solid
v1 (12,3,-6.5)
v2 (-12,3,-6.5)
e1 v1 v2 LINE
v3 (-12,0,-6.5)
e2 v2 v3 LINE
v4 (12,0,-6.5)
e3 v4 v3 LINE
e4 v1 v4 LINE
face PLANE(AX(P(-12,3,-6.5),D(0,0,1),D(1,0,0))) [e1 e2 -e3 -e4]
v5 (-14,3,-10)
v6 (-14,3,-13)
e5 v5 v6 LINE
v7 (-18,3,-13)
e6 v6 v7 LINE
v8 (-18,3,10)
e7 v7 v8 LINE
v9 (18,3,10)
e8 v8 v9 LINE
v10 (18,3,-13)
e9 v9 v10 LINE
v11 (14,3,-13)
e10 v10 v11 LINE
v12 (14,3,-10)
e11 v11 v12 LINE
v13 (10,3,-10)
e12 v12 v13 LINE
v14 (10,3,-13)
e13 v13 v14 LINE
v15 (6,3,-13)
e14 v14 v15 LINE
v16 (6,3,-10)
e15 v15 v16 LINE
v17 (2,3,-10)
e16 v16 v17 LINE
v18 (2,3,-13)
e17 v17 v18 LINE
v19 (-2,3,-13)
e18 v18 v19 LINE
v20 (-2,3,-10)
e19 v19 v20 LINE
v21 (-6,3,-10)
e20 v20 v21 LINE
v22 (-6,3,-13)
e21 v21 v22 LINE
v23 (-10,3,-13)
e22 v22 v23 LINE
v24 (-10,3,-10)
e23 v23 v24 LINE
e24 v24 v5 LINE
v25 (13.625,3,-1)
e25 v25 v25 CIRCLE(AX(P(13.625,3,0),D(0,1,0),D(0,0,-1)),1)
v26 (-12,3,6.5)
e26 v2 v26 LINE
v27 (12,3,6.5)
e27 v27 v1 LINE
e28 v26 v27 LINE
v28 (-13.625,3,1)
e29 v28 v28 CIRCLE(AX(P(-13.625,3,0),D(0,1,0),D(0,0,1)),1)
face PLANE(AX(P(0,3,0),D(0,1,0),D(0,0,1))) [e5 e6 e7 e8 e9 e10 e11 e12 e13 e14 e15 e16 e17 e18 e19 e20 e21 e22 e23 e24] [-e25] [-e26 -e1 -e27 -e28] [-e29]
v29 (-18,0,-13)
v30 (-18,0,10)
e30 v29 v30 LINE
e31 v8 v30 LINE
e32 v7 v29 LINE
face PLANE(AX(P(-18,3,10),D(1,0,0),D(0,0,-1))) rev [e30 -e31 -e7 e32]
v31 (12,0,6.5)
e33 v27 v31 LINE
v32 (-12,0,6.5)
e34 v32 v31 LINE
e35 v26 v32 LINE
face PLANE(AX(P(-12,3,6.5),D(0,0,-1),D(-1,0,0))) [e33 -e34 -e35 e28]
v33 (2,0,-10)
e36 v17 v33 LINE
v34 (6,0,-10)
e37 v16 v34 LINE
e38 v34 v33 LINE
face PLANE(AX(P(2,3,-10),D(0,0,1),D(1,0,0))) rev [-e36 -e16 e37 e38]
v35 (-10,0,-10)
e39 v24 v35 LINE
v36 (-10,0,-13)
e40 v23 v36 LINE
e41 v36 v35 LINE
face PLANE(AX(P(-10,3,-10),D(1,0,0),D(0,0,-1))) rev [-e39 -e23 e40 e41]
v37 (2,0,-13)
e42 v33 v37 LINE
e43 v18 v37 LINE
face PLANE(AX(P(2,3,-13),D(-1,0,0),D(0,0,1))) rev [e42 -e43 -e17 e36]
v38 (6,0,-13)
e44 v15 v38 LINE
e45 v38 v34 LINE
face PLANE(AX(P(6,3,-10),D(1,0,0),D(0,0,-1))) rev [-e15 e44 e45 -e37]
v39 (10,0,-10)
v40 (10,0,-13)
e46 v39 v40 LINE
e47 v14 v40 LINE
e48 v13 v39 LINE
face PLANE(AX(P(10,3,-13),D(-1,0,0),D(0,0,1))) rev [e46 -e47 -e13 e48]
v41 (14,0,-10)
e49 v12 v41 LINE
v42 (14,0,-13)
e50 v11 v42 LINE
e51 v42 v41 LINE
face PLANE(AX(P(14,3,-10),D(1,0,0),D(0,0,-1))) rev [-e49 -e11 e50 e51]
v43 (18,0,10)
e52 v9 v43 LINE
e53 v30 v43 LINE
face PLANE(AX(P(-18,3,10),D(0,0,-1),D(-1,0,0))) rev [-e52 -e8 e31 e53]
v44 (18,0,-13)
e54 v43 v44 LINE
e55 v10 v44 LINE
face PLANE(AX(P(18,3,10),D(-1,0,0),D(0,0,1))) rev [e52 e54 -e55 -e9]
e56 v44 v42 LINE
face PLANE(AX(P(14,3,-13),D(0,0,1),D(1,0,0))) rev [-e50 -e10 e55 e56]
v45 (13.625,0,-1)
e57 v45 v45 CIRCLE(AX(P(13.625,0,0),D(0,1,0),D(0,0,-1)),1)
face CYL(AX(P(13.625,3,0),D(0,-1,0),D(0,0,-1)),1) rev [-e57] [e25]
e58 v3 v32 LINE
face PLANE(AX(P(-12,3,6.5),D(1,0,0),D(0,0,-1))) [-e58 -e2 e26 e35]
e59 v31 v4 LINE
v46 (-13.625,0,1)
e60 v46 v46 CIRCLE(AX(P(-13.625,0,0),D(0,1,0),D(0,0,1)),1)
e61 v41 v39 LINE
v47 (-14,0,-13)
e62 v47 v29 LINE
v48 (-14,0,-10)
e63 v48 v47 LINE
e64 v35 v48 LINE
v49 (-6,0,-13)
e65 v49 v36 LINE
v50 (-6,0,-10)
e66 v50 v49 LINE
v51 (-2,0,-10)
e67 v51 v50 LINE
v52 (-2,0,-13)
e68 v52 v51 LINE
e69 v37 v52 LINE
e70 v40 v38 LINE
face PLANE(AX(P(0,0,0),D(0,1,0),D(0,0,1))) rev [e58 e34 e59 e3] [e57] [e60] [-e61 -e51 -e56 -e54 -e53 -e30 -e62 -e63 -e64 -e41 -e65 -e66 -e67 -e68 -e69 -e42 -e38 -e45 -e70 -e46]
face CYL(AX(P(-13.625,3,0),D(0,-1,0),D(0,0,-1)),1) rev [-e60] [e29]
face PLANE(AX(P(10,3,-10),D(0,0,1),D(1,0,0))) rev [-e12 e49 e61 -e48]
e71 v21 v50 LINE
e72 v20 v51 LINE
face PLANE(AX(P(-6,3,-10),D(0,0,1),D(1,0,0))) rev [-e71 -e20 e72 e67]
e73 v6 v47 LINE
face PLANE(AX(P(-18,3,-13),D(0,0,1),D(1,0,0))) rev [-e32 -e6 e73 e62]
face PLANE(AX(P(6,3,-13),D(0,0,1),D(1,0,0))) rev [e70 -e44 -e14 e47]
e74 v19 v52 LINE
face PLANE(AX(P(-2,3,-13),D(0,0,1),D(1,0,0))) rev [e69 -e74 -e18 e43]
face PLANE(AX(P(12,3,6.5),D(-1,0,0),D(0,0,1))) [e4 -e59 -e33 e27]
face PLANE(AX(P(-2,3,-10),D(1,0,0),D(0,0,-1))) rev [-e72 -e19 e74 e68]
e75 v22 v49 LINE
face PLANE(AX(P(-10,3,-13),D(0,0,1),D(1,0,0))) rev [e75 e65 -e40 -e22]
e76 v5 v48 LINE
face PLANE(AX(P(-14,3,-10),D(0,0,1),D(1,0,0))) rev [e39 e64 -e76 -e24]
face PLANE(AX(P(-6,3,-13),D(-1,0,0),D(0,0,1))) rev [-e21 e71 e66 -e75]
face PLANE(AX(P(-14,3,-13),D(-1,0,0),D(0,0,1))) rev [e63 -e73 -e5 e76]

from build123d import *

# Parameters (mm, degrees)
SKETCH1_R           = 1
SKETCH1_W           = 24
SKETCH1_H           = 13
BOSS_EXTRUDE1_DEPTH = 3


with BuildPart() as part:
    # Sketch1 → Boss-Extrude1 (new body)
    with BuildSketch(Plane(origin=(0, 0, 0), x_dir=(1, 0, 0), z_dir=(0, 1, 0))):
        Polygon((-18, -10), (18, -10), (18, 10), (18, 13), (14, 13), (14, 10), (10, 10), (10, 13), (6, 13), (6, 10), (2, 10), (2, 13), (-2, 13), (-2, 10), (-6, 10), (-6, 13), (-10, 13), (-10, 10), (-14, 10), (-14, 13), (-18, 13), (-18, 10), align=None)
        with Locations(Location((-13.625, 0, 0), (0, 0, 270))):
            Circle(SKETCH1_R, mode=Mode.SUBTRACT)
        with Locations(Location((13.625, 0, 0), (0, 0, 90))):
            Circle(SKETCH1_R, mode=Mode.SUBTRACT)
        Rectangle(SKETCH1_W, SKETCH1_H, mode=Mode.SUBTRACT)
    extrude(amount=BOSS_EXTRUDE1_DEPTH)


solid = part.part
